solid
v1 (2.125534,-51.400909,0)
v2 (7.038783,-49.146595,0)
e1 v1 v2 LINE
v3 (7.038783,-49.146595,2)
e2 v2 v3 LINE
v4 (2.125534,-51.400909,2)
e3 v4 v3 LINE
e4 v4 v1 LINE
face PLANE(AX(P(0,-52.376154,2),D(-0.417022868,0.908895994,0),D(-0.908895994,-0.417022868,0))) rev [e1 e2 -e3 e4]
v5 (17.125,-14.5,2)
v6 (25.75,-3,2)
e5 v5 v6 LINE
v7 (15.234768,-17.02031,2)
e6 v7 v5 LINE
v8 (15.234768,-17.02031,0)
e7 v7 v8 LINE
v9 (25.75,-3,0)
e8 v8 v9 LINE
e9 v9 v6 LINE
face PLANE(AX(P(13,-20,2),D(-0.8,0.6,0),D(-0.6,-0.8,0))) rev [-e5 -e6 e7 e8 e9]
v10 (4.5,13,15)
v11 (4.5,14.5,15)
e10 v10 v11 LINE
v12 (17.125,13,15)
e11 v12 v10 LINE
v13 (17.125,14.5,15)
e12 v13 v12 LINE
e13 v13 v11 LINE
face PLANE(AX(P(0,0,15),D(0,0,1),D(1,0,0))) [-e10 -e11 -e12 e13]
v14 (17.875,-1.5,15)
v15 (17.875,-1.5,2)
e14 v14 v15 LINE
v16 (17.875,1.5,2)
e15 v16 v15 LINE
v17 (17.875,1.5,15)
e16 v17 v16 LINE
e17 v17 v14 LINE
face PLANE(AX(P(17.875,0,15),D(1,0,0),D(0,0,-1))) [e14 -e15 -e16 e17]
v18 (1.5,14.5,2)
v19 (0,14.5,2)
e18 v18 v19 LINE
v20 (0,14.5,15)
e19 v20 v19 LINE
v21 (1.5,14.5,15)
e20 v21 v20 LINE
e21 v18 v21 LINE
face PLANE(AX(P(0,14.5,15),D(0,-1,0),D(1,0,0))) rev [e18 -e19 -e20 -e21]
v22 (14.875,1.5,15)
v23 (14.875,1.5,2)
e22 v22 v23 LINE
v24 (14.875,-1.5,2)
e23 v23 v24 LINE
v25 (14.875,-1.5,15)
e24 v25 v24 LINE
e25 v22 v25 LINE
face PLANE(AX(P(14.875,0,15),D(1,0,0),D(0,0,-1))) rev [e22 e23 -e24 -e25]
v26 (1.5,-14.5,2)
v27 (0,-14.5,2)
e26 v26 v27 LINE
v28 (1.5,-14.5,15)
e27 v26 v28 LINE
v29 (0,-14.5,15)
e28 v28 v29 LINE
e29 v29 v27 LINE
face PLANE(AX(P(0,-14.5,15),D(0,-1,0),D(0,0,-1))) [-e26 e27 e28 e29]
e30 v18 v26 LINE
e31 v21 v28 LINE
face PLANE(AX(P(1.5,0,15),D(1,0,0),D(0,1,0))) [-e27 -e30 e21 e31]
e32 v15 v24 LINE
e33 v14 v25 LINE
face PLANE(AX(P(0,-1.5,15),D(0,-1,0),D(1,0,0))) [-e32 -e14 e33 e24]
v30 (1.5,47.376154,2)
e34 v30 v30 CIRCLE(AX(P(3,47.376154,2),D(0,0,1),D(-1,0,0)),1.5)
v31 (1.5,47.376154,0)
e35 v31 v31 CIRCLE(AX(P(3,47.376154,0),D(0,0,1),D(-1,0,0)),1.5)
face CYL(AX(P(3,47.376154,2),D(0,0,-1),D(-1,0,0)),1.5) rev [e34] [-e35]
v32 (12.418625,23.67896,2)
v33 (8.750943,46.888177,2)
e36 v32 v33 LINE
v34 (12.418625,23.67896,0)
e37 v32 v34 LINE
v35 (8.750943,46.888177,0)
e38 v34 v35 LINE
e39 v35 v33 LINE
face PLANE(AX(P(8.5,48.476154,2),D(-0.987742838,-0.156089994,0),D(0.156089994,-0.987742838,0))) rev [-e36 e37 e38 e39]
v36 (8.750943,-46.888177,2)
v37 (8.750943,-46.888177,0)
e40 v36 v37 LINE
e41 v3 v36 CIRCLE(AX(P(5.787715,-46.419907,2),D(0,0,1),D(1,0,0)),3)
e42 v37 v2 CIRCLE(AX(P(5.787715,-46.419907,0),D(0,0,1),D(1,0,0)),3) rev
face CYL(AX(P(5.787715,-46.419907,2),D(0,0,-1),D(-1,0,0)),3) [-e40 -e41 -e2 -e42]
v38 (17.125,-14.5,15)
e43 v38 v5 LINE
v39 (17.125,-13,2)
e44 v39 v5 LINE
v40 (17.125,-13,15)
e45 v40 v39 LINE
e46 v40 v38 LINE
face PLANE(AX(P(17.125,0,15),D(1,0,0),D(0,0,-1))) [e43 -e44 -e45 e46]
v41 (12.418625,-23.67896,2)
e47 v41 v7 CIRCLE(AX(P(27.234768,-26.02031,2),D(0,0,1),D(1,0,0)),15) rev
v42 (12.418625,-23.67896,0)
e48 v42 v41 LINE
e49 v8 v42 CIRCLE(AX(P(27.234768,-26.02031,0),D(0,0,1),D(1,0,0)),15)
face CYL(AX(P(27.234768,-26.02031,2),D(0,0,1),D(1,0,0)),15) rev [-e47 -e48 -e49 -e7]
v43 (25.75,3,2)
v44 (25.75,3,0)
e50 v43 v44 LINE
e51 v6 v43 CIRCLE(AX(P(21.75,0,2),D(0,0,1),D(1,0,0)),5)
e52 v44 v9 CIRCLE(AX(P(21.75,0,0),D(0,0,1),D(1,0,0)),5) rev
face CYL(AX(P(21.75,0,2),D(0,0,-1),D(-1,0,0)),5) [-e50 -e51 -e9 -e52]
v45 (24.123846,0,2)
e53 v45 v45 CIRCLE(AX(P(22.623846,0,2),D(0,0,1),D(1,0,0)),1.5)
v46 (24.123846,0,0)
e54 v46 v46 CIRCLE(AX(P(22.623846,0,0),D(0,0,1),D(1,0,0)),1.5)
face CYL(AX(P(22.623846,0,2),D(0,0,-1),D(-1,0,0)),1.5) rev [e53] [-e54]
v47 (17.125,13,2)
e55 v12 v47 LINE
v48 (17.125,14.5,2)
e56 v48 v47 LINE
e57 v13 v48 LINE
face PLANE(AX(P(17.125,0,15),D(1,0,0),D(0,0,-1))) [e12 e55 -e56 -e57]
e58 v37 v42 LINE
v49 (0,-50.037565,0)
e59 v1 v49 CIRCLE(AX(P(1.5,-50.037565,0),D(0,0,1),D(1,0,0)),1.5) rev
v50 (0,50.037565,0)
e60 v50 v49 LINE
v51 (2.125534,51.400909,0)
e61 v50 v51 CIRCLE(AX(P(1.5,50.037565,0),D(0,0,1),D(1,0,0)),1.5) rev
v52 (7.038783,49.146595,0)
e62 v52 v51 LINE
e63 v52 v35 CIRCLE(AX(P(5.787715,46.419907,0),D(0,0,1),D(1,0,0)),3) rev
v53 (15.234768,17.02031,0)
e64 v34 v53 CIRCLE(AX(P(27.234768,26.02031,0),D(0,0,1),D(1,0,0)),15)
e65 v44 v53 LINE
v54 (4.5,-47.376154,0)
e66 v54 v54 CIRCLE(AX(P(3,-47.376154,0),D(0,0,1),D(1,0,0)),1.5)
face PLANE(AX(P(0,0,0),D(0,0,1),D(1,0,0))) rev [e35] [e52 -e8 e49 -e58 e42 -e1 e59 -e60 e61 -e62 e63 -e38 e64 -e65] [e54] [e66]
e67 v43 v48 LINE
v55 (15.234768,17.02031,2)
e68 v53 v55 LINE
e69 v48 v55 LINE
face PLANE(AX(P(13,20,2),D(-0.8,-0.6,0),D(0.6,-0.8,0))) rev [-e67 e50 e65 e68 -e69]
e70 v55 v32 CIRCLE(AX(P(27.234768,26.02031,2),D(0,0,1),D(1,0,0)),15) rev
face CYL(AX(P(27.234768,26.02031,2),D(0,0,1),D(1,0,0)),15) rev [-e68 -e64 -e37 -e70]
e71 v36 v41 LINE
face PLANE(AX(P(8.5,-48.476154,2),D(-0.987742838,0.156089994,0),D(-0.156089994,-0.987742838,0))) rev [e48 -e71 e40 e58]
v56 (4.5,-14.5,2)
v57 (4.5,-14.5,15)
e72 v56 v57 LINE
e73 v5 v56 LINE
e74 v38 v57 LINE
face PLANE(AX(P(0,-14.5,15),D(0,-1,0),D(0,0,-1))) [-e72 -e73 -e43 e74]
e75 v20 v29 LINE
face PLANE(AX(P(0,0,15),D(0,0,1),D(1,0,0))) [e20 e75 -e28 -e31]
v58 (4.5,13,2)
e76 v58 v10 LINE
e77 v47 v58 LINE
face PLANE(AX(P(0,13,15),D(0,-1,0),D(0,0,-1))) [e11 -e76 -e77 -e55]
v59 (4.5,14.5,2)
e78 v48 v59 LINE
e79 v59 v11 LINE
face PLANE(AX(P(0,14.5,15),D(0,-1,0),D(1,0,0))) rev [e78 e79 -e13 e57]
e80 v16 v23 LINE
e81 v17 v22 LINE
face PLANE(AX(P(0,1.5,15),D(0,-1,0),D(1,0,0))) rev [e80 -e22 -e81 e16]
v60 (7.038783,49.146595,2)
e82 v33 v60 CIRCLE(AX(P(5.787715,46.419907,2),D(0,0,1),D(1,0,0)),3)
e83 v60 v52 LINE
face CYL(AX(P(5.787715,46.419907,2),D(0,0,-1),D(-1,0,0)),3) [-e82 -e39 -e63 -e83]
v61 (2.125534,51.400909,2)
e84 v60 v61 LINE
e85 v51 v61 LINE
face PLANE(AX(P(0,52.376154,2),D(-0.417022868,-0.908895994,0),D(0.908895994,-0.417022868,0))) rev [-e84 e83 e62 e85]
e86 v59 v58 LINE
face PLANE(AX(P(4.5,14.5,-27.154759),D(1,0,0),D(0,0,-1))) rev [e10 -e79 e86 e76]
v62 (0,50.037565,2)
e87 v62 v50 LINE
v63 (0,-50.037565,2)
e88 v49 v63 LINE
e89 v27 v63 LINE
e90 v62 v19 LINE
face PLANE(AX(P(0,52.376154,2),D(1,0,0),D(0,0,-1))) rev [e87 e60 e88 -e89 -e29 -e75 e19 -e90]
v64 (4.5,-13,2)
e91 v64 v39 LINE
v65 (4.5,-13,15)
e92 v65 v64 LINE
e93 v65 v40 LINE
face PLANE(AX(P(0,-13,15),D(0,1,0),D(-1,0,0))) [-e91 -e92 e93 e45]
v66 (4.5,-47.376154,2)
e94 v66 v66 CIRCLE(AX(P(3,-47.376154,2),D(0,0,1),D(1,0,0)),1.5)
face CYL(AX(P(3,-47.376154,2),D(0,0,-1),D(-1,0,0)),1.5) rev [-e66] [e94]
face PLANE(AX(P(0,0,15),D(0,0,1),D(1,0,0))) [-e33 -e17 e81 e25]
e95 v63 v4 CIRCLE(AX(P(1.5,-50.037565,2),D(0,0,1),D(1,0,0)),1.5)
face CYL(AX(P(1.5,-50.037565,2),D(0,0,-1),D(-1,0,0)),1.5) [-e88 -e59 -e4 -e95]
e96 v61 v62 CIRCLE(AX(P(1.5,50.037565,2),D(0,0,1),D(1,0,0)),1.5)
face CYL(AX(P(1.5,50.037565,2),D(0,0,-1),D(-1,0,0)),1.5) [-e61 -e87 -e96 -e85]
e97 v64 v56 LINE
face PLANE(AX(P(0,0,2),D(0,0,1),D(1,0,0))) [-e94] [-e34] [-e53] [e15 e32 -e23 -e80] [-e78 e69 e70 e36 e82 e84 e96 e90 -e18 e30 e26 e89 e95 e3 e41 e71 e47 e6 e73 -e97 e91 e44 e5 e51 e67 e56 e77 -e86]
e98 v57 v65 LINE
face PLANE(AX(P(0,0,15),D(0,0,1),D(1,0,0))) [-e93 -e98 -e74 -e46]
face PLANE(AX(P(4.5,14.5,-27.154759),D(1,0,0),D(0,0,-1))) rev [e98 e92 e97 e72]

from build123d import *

# Parameters (mm, degrees)
SKETCH1_R           = 1.5
BOSS_EXTRUDE1_DEPTH = 2
FILLET1_R           = 15
FILLET2_R           = 3
FILLET3_R           = 1.5
FILLET4_R           = 5
SKETCH2_W           = 1.5
SKETCH2_H           = 3
SKETCH2_W_2         = 0.75
BOSS_EXTRUDE2_DEPTH = 13
SKETCH4_W           = 3
SKETCH4_H           = 29
CUT_EXTRUDE1_DEPTH  = 13


with BuildPart() as part:
    # Sketch1 → Boss-Extrude1 (new body)
    with BuildSketch(Plane.XY):
        Polygon((0, 52.37615434), (0, -52.37615434), (8.5, -48.47615434), (13, -20), (28, 0), (13, 20), (8.5, 48.47615434), align=None)
        with Locations((3, -47.37615434)):
            Circle(SKETCH1_R, mode=Mode.SUBTRACT)
        with Locations((22.62384566, 0)):
            Circle(SKETCH1_R, mode=Mode.SUBTRACT)
        with Locations(Location((3, 47.37615434, 0), (0, 0, 180))):
            Circle(SKETCH1_R, mode=Mode.SUBTRACT)
    extrude(amount=BOSS_EXTRUDE1_DEPTH)

    # Fillet1
    fillet1_edges = [part.edges().sort_by_distance(p)[0] for p in [
        (13, 20, 1),
        (13, -20, 1),
    ]]
    fillet(fillet1_edges, radius=FILLET1_R)

    # Fillet2
    fillet2_edges = [part.edges().sort_by_distance(p)[0] for p in [
        (8.5, 48.47615434, 1),
        (8.5, -48.47615434, 1),
    ]]
    fillet(fillet2_edges, radius=FILLET2_R)

    # Fillet3
    fillet3_edges = [part.edges().sort_by_distance(p)[0] for p in [
        (0, -52.37615434, 1),
        (0, 52.37615434, 1),
    ]]
    fillet(fillet3_edges, radius=FILLET3_R)

    # Fillet4
    fillet4_edges = [part.edges().sort_by_distance(p)[0] for p in [
        (28, 0, 1),
    ]]
    fillet(fillet4_edges, radius=FILLET4_R)

    # Sketch2 → Boss-Extrude2 (add)
    with BuildSketch(Plane.XY.offset(2)):
        Polygon((17.125, 13), (17.125, 14.5), (0, 14.5), (0, -14.5), (17.125, -14.5), (17.125, -13), (15.625, -13), (1.5, -13), (1.5, 13), (15.625, 13), align=None)
        with Locations((16.375, 0)):
            Rectangle(SKETCH2_W, SKETCH2_H)
        with Locations((17.5, 0)):
            Rectangle(SKETCH2_W_2, SKETCH2_H)
        with Locations((15.25, 0)):
            Rectangle(SKETCH2_W_2, SKETCH2_H)
    extrude(amount=BOSS_EXTRUDE2_DEPTH)

    # Sketch4 → Cut-Extrude1 (cut)
    with BuildSketch(Plane.XY.offset(15)):
        with Locations((3, 0)):
            Rectangle(SKETCH4_W, SKETCH4_H)
    extrude(amount=-CUT_EXTRUDE1_DEPTH, mode=Mode.SUBTRACT)


solid = part.part
